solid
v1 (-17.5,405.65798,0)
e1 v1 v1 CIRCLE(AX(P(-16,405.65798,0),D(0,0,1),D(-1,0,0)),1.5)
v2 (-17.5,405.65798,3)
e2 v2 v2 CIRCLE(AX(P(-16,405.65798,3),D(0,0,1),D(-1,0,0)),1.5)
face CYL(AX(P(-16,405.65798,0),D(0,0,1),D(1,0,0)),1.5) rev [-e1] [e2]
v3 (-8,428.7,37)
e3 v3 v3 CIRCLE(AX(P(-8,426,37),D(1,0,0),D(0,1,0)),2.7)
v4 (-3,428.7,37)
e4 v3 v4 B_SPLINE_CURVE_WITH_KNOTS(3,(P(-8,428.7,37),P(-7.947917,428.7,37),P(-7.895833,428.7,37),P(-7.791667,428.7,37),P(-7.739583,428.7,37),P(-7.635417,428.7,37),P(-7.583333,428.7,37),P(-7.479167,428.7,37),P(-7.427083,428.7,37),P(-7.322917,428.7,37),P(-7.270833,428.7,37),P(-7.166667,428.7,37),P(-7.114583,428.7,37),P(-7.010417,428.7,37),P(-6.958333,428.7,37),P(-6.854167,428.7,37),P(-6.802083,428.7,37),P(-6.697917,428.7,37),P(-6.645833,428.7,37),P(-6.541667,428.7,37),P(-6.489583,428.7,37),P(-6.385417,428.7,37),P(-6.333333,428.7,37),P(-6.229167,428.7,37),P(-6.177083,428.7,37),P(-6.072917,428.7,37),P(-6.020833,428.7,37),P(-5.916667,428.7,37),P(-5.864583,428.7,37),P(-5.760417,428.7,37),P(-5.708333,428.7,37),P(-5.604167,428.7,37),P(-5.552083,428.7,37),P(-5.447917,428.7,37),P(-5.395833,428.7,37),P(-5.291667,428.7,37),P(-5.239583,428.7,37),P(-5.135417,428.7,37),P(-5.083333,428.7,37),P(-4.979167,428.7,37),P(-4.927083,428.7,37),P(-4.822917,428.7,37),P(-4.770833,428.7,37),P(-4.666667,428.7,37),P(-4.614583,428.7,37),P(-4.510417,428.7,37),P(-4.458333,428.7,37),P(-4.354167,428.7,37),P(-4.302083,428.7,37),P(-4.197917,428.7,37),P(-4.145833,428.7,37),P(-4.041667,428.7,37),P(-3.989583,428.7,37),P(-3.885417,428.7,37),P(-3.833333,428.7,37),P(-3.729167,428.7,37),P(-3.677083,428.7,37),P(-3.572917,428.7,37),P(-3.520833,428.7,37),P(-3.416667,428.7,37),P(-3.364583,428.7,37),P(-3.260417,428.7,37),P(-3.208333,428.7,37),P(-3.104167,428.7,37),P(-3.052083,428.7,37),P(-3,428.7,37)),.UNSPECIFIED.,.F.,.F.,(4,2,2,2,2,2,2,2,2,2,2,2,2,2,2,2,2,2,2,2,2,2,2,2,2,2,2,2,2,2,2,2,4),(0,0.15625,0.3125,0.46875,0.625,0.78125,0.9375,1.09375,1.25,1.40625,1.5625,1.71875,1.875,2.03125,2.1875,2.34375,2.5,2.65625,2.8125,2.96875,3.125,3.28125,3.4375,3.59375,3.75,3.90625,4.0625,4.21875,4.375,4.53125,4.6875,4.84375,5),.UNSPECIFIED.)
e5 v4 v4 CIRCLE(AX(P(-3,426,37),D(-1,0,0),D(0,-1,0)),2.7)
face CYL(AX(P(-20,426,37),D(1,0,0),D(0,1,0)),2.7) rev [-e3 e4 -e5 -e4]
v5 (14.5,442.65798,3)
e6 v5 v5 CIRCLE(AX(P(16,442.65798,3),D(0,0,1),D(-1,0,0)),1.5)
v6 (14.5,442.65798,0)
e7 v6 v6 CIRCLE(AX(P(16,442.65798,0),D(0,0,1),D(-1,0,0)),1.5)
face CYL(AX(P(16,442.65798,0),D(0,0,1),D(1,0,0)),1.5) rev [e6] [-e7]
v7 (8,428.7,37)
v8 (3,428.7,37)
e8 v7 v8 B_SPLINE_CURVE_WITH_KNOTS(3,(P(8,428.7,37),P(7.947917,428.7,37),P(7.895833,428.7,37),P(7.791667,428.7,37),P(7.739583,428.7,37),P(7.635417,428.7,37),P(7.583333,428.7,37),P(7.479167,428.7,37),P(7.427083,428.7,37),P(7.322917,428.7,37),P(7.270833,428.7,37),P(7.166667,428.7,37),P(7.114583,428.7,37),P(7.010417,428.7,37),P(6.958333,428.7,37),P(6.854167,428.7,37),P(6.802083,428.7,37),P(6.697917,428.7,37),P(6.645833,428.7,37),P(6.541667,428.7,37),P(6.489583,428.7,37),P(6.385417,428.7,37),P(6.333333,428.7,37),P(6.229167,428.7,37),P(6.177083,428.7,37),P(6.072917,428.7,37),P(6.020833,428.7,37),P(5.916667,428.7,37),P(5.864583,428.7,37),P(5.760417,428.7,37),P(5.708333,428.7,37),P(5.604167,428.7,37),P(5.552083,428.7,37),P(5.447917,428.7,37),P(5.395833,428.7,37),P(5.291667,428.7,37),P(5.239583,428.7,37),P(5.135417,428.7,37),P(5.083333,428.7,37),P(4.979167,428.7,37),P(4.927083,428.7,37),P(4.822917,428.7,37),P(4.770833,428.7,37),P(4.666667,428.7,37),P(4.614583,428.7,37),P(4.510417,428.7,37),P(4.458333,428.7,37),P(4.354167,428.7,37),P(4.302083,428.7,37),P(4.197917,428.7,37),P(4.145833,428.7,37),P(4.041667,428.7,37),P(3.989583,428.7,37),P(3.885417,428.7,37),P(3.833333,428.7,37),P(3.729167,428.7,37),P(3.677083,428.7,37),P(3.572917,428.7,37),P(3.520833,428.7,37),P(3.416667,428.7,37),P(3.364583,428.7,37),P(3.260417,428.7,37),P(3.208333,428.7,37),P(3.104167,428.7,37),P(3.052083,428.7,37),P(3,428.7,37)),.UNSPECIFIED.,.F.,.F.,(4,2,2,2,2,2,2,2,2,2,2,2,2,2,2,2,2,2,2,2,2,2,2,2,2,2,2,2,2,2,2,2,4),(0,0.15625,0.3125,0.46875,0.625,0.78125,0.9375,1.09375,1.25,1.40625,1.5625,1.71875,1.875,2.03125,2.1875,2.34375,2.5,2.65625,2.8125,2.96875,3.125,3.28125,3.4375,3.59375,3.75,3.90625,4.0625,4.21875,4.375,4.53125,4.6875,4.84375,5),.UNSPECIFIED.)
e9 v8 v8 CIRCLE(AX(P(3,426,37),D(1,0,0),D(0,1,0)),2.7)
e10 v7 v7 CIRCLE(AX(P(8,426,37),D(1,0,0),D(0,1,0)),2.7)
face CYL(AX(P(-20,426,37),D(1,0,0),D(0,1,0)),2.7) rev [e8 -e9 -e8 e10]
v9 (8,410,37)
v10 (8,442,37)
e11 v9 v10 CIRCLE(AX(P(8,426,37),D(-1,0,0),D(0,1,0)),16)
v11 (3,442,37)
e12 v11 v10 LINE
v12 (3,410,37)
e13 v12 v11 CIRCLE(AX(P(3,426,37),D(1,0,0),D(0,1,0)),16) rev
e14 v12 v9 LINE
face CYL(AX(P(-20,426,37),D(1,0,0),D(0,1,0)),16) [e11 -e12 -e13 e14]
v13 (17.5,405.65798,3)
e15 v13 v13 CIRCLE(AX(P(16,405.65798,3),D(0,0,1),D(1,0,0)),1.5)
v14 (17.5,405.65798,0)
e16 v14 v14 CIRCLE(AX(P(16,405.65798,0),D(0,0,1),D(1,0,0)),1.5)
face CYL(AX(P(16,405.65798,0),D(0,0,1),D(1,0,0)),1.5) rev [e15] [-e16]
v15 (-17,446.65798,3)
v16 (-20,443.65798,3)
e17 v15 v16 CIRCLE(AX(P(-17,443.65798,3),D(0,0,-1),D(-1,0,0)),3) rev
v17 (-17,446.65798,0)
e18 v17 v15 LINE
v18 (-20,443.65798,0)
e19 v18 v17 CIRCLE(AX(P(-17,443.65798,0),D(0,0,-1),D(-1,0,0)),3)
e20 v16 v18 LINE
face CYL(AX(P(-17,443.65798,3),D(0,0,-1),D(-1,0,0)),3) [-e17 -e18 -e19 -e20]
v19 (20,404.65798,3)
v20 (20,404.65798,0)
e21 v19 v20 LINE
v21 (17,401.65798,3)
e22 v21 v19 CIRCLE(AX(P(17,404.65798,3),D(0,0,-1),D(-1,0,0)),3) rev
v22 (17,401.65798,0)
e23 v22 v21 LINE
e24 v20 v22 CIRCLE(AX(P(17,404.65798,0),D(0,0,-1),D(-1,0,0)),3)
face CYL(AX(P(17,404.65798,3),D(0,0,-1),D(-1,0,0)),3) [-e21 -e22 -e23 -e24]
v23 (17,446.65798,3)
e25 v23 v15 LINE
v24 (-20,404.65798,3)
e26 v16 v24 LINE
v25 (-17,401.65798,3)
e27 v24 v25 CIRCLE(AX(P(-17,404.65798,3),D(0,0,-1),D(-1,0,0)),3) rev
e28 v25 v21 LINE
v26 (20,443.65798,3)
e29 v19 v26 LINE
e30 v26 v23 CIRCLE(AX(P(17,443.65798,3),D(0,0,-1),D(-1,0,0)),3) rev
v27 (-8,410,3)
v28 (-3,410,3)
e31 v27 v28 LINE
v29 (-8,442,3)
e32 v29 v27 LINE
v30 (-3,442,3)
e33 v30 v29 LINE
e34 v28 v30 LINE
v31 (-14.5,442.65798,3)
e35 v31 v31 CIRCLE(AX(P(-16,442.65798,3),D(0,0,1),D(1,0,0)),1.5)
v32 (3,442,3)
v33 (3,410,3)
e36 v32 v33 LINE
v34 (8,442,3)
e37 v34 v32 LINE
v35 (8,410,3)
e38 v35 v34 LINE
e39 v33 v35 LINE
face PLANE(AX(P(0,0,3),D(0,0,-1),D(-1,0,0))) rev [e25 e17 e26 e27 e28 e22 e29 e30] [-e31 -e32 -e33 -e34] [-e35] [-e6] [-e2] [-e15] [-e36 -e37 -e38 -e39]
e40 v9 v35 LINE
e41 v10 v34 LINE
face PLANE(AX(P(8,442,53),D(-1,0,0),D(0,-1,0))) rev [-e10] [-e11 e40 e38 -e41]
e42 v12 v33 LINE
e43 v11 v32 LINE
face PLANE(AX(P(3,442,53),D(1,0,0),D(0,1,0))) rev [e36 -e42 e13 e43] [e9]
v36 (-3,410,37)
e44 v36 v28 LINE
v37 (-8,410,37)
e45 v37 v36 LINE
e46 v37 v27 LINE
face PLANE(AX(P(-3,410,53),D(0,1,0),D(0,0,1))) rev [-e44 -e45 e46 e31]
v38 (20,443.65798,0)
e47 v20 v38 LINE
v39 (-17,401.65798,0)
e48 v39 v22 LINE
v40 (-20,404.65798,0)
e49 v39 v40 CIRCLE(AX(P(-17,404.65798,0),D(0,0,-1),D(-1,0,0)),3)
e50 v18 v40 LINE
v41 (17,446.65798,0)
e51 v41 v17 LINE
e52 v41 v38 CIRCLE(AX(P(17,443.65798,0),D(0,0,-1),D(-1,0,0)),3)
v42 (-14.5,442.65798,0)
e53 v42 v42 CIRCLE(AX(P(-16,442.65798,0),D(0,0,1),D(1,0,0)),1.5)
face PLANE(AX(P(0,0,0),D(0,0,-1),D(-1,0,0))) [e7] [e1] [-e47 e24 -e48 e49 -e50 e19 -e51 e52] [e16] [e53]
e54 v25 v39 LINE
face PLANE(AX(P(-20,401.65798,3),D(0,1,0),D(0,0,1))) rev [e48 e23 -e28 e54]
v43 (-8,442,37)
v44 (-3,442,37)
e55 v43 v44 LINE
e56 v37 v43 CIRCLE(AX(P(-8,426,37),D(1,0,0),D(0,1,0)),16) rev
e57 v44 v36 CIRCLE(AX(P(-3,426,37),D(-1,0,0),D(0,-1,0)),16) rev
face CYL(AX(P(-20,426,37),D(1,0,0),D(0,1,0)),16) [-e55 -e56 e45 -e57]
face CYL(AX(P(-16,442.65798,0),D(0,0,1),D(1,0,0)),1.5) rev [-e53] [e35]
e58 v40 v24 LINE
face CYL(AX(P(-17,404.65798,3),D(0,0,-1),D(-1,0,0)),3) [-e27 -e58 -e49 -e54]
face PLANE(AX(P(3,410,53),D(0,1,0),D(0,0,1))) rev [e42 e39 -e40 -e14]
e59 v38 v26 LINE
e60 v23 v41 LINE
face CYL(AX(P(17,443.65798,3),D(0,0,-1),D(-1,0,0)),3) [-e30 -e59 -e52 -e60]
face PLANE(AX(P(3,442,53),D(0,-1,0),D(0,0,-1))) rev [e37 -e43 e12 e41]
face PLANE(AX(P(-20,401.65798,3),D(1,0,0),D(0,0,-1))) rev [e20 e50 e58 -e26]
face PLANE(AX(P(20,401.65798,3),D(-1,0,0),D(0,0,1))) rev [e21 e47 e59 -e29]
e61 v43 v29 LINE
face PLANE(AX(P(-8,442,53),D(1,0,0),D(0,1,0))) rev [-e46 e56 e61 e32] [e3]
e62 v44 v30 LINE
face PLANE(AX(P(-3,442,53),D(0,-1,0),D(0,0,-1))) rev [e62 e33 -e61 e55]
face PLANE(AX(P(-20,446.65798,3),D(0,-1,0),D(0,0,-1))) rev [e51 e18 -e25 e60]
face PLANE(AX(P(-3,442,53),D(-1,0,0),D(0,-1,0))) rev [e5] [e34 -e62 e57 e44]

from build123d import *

# Parameters (mm, degrees)
SKETCH1_W           = 40
SKETCH1_H           = 45
BOSS_EXTRUDE1_DEPTH = 3
SKETCH2_W           = 5
SKETCH2_H           = 32
BOSS_EXTRUDE2_DEPTH = 50
SKETCH3_R           = 2.7
CUT_EXTRUDE1_DEPTH  = 451.662125067
FILLET2_R           = 3
SKETCH4_R           = 1.5
CUT_EXTRUDE2_DEPTH  = 450.892599372


with BuildPart() as part:
    # Sketch1 → Boss-Extrude1 (new body)
    with BuildSketch(Plane.XY):
        with Locations((0, 424.157979857)):
            Rectangle(SKETCH1_W, SKETCH1_H)
    extrude(amount=BOSS_EXTRUDE1_DEPTH)

    # Sketch2 → Boss-Extrude2 (add)
    with BuildSketch(Plane.XY.offset(3)):
        with Locations((5.5, 426)):
            Rectangle(SKETCH2_W, SKETCH2_H)
        with Locations((-5.5, 426)):
            Rectangle(SKETCH2_W, SKETCH2_H)
    extrude(amount=BOSS_EXTRUDE2_DEPTH)

    # Sketch3 → Cut-Extrude1 (cut, through all)
    with BuildSketch(Plane(origin=(8, 0, 0), x_dir=(0, 0, -1), z_dir=(1, 0, 0))):
        with Locations(Location((-37, 426, 0), (0, 0, 90))):
            Circle(SKETCH3_R)
        with BuildLine():
            Line((-37, 442), (-57.90422328, 442))
            Line((-57.90422328, 442), (-57.90422328, 410))
            Line((-57.90422328, 410), (-37, 410))
            ThreePointArc((-37, 410), (-53, 426), (-37, 442))
        make_face()
    extrude(amount=-CUT_EXTRUDE1_DEPTH, mode=Mode.SUBTRACT)

    # Fillet2
    fillet2_edges = [part.edges().sort_by_distance(p)[0] for p in [
        (-20, 446.657979857, 1.5),
        (20, 446.657979857, 1.5),
        (20, 401.657979857, 1.5),
        (-20, 401.657979857, 1.5),
    ]]
    fillet(fillet2_edges, radius=FILLET2_R)

    # Sketch4 → Cut-Extrude2 (cut, through all)
    with BuildSketch(Plane.XY.offset(3)):
        with Locations((-16, 442.657979857)):
            Circle(SKETCH4_R)
        with Locations(Location((-16, 405.657979857, 0), (0, 0, 180))):
            Circle(SKETCH4_R)
        with Locations((16, 405.657979857)):
            Circle(SKETCH4_R)
        with Locations(Location((16, 442.657979857, 0), (0, 0, 180))):
            Circle(SKETCH4_R)
    extrude(amount=-CUT_EXTRUDE2_DEPTH, mode=Mode.SUBTRACT)


solid = part.part
